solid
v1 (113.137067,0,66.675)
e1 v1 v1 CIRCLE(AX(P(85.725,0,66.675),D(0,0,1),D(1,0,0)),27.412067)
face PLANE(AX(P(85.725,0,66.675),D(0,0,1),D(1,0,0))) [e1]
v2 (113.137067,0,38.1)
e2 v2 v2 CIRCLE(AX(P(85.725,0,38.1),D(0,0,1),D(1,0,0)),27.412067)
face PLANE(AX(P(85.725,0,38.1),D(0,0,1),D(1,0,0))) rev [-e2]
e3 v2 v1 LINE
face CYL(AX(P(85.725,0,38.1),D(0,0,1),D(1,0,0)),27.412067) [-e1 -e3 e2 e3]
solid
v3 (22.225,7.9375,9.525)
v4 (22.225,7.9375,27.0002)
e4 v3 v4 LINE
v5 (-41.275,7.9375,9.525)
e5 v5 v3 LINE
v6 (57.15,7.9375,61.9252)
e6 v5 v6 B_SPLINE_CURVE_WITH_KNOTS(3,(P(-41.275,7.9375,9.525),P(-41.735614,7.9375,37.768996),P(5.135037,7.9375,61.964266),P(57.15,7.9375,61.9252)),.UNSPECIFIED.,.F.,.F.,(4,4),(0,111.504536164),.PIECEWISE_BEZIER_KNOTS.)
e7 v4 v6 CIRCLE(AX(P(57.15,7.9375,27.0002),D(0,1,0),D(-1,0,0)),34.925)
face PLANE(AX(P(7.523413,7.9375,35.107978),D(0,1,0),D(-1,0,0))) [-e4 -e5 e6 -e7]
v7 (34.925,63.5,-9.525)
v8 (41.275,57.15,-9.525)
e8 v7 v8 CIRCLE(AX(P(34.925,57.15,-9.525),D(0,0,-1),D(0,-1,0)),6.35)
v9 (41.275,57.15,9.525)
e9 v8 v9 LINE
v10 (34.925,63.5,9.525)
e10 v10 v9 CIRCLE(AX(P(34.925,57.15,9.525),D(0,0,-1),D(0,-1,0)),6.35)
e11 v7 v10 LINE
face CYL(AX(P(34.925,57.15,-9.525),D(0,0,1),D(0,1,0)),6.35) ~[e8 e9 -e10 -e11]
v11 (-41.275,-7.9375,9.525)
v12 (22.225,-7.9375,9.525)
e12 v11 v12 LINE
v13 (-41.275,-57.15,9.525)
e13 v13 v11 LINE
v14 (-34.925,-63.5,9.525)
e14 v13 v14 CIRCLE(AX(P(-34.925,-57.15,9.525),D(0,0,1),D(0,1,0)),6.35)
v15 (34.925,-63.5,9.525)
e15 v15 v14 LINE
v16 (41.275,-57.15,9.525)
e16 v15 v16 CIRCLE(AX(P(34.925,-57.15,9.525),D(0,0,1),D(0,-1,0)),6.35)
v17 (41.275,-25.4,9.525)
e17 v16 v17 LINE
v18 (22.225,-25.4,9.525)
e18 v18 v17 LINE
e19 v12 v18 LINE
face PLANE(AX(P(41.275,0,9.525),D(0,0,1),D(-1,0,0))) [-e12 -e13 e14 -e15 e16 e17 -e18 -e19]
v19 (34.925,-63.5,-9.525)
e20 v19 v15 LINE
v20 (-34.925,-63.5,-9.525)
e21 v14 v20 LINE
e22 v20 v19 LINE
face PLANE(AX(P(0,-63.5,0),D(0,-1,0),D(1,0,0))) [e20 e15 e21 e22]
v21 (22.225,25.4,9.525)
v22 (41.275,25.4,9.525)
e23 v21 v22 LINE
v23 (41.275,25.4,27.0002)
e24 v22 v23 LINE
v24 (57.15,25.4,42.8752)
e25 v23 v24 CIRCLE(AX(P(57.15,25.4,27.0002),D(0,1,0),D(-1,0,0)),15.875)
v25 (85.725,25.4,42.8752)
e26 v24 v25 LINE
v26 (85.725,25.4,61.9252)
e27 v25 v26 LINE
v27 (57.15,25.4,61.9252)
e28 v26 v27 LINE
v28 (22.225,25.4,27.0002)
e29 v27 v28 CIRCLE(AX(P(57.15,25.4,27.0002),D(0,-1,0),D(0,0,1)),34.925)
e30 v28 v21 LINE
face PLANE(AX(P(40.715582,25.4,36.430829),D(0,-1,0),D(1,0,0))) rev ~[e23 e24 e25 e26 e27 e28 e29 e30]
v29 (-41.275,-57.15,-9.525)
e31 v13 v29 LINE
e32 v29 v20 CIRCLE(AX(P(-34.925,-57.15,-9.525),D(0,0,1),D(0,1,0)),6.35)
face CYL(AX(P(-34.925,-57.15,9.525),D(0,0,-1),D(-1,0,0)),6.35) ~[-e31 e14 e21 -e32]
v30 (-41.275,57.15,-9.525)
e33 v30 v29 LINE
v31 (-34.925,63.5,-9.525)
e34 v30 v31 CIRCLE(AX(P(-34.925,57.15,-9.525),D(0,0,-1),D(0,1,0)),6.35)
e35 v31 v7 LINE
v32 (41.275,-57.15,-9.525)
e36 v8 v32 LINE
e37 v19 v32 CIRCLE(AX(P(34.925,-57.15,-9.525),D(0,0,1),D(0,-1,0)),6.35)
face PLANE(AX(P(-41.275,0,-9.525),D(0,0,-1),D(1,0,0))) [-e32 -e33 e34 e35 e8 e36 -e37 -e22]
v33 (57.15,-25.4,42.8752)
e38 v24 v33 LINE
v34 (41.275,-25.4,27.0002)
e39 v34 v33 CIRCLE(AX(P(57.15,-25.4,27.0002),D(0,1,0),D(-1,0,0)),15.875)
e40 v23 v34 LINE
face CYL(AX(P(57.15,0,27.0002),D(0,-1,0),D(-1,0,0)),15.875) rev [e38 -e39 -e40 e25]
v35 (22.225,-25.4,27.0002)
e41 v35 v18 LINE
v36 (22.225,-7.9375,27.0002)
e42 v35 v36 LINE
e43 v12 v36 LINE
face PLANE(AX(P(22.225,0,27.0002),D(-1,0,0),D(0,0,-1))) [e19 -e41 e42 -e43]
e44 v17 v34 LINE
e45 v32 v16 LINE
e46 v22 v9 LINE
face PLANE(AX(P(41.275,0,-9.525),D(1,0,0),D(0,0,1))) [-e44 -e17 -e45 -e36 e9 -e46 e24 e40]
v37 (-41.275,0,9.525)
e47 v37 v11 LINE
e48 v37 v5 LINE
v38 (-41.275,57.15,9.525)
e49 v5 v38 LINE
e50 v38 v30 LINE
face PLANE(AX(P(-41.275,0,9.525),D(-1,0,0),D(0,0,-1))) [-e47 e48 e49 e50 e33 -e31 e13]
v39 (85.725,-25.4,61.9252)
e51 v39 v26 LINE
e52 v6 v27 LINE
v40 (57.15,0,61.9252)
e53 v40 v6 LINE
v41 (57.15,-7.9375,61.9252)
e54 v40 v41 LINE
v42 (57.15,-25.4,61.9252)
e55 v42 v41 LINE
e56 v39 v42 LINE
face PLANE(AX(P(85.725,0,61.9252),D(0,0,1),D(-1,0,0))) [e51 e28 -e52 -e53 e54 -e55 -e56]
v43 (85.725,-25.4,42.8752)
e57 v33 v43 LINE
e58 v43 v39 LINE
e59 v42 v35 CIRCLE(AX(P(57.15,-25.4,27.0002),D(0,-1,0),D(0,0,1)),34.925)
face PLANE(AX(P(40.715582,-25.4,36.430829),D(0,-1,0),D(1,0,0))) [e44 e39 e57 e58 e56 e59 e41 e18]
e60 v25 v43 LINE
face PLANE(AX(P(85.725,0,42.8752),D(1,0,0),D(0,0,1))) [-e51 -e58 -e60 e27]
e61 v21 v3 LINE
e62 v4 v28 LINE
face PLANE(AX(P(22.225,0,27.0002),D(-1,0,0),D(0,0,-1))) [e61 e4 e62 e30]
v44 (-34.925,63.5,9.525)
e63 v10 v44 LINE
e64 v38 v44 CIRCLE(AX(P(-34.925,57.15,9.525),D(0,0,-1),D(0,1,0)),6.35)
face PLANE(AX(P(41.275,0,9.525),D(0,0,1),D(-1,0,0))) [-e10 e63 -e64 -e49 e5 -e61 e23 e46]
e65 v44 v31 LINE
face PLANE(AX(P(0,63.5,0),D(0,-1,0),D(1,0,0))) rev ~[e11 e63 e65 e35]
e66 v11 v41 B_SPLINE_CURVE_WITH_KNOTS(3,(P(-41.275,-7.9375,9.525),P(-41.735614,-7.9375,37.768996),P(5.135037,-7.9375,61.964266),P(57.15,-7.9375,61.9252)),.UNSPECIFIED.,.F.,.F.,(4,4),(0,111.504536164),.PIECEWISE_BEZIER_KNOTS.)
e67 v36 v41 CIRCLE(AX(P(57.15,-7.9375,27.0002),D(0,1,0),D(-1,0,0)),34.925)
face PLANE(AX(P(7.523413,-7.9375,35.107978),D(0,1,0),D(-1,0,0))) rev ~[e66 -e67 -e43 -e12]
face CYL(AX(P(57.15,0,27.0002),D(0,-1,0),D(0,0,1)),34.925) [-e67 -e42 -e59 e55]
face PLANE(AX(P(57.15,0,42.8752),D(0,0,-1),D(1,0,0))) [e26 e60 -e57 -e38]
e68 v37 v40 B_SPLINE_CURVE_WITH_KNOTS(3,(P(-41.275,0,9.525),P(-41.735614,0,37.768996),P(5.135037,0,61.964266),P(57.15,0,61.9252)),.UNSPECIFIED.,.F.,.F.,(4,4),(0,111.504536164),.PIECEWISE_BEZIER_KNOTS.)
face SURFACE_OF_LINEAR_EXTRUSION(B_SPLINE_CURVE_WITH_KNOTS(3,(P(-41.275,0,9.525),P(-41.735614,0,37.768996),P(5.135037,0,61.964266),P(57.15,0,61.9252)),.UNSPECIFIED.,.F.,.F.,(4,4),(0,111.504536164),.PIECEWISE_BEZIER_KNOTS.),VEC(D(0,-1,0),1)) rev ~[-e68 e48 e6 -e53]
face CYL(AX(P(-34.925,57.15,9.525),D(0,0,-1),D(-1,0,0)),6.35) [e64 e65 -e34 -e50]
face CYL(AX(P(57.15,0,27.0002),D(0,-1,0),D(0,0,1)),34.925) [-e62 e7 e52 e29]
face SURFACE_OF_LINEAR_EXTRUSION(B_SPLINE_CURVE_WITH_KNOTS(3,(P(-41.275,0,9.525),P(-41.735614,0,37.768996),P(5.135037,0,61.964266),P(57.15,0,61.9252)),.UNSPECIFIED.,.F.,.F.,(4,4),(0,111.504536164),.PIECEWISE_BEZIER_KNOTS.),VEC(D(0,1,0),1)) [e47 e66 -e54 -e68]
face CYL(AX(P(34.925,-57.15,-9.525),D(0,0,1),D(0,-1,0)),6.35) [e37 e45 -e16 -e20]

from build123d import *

# Parameters (mm, degrees)
F1_DEPTH = 63.5
F0_W     = 23.3879331585
F0_H     = 19.05
F2_DEPTH = 25.4
F3_DEPTH = 7.9375
F5_R     = 6.35


with BuildPart() as f1:
    # F0 (on Front) → F1 (new body, symmetric)
    with BuildSketch(Plane.XZ):
        Polygon((22.225, 9.525), (-41.275, 9.525), (-41.275, -9.525), (41.275, -9.525), (41.275, 9.525), align=None)
    extrude(amount=F1_DEPTH, both=True)

    # F0 (on Front) → F2 (join, symmetric)
    with BuildSketch(Plane.XZ):
        with BuildLine():
            Line((22.225, 27.0002), (22.225, 9.525))
            Line((22.225, 9.525), (41.275, 9.525))
            Line((41.275, 9.525), (41.275, 27.0002))
            ThreePointArc((41.275, 27.0002), (45.9246798487, 38.2255201513), (57.15, 42.8752))
            Line((57.15, 42.8752), (62.3370668415, 42.8752))
            Line((62.3370668415, 42.8752), (62.3370668415, 61.9252))
            Line((62.3370668415, 61.9252), (57.15, 61.9252))
            ThreePointArc((57.15, 61.9252), (32.4542956671, 51.6959043329), (22.225, 27.0002))
        make_face()
        with Locations((74.0310334207, 52.4002)):
            Rectangle(F0_W, F0_H)
    extrude(amount=F2_DEPTH, both=True)

    # F0 (on Front) → F3 (join, symmetric)
    with BuildSketch(Plane.XZ):
        with BuildLine():
            add(Edge.make_bspline(
                [(-41.275, 9.525), (-41.7356142866, 37.7689963041), (5.1350374706, 61.9642660022), (57.15, 61.9252)],
                knots=[0, 0, 0, 0, 111.5045361635, 111.5045361635, 111.5045361635, 111.5045361635], degree=3))
            Line((-41.275, 9.525), (22.225, 9.525))
            Line((22.225, 9.525), (22.225, 27.0002))
            ThreePointArc((22.225, 27.0002), (32.4542956671, 51.6959043329), (57.15, 61.9252))
        make_face()
    extrude(amount=F3_DEPTH, both=True)

    # F5
    f5_edges = [f1.edges().sort_by_distance(p)[0] for p in [
        (41.275, -63.5, 0),
        (41.275, 63.5, 0),
        (-41.275, 63.5, 0),
        (-41.275, -63.5, 0),
    ]]
    fillet(f5_edges, radius=F5_R)


with BuildPart() as f4:
    # F0 (on Front) → F4 (revolve)
    with BuildSketch(Plane.XZ):
        Polygon((85.725, 66.675), (85.725, 61.9252), (85.725, 42.8752), (85.725, 38.1), (113.1370668415, 38.1), (113.1370668415, 66.675), align=None)
    revolve(axis=Axis((85.725, 0, 52.3875), (0, 0, 1)))


solid = Compound([f1.part, f4.part])
